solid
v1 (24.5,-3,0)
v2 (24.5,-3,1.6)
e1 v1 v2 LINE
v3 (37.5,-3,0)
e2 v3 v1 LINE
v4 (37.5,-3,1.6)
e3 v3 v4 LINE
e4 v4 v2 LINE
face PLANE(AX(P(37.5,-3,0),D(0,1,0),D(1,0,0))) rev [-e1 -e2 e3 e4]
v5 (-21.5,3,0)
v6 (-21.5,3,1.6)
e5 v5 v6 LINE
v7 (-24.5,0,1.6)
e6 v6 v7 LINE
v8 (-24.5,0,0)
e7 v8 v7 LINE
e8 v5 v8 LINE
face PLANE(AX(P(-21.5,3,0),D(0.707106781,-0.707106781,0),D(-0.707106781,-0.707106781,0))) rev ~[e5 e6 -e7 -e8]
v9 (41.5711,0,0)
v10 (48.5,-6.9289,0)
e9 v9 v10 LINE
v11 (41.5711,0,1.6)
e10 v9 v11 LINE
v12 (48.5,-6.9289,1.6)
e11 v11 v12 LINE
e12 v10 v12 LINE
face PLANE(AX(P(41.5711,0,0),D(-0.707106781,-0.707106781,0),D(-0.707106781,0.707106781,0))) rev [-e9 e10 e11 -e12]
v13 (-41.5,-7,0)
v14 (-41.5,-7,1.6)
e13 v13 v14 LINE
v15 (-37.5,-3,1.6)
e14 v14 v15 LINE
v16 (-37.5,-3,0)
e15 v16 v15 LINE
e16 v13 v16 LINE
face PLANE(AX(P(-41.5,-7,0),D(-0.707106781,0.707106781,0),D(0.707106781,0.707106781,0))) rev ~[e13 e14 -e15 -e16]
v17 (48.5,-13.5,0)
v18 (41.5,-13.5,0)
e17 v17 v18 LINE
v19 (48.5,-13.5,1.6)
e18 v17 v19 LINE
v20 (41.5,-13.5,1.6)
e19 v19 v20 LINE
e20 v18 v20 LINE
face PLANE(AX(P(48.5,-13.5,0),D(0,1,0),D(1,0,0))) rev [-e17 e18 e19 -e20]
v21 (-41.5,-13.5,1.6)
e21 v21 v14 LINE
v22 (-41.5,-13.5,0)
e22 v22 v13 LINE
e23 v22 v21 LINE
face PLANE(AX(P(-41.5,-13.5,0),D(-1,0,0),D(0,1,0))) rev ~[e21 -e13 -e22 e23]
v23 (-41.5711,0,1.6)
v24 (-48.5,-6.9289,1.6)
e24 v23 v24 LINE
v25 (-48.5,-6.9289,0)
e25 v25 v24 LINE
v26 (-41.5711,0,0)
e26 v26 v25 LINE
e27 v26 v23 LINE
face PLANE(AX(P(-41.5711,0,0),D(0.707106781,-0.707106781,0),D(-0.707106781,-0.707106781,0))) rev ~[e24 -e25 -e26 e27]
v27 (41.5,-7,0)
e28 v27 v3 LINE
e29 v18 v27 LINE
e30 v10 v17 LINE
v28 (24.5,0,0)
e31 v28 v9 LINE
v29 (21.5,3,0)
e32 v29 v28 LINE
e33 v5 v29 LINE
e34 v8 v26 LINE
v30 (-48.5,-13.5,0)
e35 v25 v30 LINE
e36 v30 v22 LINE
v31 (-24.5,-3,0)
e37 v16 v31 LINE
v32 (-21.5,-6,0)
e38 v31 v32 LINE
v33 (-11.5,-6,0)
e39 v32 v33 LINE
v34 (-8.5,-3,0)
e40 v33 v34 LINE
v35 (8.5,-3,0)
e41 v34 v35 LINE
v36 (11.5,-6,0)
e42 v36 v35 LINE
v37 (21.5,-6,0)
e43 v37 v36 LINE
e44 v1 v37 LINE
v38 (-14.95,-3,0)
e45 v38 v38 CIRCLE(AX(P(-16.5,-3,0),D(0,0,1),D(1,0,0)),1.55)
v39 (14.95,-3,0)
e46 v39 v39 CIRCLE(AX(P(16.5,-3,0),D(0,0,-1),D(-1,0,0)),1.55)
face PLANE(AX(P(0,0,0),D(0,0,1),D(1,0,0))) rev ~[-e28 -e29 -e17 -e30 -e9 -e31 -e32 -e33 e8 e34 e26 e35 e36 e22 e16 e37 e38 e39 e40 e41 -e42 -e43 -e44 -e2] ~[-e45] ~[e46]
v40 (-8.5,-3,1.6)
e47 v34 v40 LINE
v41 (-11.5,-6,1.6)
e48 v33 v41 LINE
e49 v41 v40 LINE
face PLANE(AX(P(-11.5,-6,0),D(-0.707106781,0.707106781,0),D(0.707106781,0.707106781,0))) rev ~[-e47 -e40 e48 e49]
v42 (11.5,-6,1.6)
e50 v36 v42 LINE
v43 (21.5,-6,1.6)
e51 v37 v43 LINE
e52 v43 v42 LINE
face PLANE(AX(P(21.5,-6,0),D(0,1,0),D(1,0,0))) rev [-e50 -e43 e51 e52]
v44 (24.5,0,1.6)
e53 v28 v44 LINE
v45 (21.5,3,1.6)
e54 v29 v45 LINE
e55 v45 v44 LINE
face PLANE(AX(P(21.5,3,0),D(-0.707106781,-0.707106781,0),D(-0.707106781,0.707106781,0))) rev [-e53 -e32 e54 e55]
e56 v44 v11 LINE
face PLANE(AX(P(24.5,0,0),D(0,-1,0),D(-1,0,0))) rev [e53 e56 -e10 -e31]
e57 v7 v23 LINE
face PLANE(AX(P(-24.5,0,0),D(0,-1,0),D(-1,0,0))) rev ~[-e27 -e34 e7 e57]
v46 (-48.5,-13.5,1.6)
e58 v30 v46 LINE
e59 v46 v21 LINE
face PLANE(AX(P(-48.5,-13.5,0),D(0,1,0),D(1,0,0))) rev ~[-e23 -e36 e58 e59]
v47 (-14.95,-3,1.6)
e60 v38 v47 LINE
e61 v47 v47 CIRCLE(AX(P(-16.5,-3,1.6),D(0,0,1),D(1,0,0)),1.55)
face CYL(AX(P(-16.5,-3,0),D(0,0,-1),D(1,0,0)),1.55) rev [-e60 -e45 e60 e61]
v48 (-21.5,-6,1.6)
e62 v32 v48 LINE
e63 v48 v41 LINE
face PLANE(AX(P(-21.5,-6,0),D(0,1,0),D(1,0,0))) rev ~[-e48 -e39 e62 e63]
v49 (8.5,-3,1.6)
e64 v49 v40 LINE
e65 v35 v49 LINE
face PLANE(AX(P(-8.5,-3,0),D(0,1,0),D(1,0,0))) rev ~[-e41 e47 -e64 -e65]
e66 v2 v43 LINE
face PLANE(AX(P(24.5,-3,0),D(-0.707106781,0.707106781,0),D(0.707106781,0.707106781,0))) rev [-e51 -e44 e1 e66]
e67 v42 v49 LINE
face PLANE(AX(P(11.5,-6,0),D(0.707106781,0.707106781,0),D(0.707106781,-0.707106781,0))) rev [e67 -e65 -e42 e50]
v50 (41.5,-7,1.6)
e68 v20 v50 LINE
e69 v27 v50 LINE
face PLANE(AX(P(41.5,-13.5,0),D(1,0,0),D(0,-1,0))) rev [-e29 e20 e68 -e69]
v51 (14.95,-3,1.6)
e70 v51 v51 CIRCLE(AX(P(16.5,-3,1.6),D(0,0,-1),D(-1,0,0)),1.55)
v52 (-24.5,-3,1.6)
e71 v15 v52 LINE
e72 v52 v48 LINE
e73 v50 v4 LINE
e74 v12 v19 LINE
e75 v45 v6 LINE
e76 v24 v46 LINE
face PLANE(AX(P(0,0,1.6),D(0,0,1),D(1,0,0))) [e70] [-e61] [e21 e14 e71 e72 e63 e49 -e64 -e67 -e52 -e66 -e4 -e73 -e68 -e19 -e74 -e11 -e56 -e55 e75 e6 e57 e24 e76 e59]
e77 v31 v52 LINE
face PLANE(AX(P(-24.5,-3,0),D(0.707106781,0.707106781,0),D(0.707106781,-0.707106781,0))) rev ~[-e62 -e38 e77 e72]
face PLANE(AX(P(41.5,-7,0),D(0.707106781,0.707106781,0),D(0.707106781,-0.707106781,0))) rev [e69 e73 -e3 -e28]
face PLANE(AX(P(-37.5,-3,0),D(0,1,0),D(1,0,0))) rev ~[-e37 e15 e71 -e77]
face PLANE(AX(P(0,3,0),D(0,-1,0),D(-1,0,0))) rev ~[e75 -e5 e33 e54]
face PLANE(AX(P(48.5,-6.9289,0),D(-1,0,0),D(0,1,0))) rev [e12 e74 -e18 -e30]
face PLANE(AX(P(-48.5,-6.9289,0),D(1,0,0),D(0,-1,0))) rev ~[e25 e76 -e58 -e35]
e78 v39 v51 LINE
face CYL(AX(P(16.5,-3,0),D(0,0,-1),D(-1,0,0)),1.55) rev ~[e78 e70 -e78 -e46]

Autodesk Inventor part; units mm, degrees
ref_plane "YZ Plane" through (0, 0, 0) normal (1, 0, 0) x (0, 1, 0)
ref_plane "XZ Plane" through (0, 0, 0) normal (0, 1, 0) x (-1, 0, 0)
ref_plane "XY Plane" through (0, 0, 0) normal (0, 0, 1) x (1, 0, 0)
sketch "Náčrt1" plane through (0, 0, 0) normal (0, 0, 1) x (1, 0, 0)
  line L0 (0, 3) -> (-21.5, 3)
  line L1 (-21.5, 3) -> (-24.5, 0)
  line L2 (-24.5, 0) -> (-41.5711, 0)
  line L3 (-41.5711, 0) -> (-48.5, -6.9289)
  line L4 (-48.5, -6.9289) -> (-48.5, -13.5)
  line L5 (-48.5, -13.5) -> (-41.5, -13.5)
  line L6 (-41.5, -13.5) -> (-41.5, -7)
  line L7 (-41.5, -7) -> (-37.5, -3)
  line L8 (-37.5, -3) -> (-24.5, -3)
  line L9 (-24.5, -3) -> (-21.5, -6)
  line L10 (-21.5, -6) -> (-11.5, -6)
  line L11 (-11.5, -6) -> (-8.5, -3)
  line L12 (-8.5, -3) -> (0, -3)
  circle A0 centre (-16.5, -3) radius 1.55
  line L13 (-47.5, -13.5) -> (-47.5, -5.9289) construction
  line L14 (0, 3) -> (0, -3)
  point P0 (0, 0)
  point P1 (-16.5, -6)
  point P2 (0, 0)
  dimension "d47" = 3
  dimension "d49" = 45
  dimension "d51" = 3
  dimension "d52" = 48.5
  dimension "d53" = 4
  dimension "d54" = 10.5
  dimension "d55" = 5
  dimension "d56" = 7
  dimension "d57" = 1
  dimension "d58" = 10
  dimension "d59" = 16.5
  dimension "d60" = 3
  dimension "d62" = 3.1
  dimension "d64" = 21.5
extrude "Vysunutí1" add sketch "Náčrt1" along normal blind 1.6
mirror "Zrcadlit1" about plane through (0, -3, 0) normal (1, 0, 0)
properties part number "qreMiniBoard2"
